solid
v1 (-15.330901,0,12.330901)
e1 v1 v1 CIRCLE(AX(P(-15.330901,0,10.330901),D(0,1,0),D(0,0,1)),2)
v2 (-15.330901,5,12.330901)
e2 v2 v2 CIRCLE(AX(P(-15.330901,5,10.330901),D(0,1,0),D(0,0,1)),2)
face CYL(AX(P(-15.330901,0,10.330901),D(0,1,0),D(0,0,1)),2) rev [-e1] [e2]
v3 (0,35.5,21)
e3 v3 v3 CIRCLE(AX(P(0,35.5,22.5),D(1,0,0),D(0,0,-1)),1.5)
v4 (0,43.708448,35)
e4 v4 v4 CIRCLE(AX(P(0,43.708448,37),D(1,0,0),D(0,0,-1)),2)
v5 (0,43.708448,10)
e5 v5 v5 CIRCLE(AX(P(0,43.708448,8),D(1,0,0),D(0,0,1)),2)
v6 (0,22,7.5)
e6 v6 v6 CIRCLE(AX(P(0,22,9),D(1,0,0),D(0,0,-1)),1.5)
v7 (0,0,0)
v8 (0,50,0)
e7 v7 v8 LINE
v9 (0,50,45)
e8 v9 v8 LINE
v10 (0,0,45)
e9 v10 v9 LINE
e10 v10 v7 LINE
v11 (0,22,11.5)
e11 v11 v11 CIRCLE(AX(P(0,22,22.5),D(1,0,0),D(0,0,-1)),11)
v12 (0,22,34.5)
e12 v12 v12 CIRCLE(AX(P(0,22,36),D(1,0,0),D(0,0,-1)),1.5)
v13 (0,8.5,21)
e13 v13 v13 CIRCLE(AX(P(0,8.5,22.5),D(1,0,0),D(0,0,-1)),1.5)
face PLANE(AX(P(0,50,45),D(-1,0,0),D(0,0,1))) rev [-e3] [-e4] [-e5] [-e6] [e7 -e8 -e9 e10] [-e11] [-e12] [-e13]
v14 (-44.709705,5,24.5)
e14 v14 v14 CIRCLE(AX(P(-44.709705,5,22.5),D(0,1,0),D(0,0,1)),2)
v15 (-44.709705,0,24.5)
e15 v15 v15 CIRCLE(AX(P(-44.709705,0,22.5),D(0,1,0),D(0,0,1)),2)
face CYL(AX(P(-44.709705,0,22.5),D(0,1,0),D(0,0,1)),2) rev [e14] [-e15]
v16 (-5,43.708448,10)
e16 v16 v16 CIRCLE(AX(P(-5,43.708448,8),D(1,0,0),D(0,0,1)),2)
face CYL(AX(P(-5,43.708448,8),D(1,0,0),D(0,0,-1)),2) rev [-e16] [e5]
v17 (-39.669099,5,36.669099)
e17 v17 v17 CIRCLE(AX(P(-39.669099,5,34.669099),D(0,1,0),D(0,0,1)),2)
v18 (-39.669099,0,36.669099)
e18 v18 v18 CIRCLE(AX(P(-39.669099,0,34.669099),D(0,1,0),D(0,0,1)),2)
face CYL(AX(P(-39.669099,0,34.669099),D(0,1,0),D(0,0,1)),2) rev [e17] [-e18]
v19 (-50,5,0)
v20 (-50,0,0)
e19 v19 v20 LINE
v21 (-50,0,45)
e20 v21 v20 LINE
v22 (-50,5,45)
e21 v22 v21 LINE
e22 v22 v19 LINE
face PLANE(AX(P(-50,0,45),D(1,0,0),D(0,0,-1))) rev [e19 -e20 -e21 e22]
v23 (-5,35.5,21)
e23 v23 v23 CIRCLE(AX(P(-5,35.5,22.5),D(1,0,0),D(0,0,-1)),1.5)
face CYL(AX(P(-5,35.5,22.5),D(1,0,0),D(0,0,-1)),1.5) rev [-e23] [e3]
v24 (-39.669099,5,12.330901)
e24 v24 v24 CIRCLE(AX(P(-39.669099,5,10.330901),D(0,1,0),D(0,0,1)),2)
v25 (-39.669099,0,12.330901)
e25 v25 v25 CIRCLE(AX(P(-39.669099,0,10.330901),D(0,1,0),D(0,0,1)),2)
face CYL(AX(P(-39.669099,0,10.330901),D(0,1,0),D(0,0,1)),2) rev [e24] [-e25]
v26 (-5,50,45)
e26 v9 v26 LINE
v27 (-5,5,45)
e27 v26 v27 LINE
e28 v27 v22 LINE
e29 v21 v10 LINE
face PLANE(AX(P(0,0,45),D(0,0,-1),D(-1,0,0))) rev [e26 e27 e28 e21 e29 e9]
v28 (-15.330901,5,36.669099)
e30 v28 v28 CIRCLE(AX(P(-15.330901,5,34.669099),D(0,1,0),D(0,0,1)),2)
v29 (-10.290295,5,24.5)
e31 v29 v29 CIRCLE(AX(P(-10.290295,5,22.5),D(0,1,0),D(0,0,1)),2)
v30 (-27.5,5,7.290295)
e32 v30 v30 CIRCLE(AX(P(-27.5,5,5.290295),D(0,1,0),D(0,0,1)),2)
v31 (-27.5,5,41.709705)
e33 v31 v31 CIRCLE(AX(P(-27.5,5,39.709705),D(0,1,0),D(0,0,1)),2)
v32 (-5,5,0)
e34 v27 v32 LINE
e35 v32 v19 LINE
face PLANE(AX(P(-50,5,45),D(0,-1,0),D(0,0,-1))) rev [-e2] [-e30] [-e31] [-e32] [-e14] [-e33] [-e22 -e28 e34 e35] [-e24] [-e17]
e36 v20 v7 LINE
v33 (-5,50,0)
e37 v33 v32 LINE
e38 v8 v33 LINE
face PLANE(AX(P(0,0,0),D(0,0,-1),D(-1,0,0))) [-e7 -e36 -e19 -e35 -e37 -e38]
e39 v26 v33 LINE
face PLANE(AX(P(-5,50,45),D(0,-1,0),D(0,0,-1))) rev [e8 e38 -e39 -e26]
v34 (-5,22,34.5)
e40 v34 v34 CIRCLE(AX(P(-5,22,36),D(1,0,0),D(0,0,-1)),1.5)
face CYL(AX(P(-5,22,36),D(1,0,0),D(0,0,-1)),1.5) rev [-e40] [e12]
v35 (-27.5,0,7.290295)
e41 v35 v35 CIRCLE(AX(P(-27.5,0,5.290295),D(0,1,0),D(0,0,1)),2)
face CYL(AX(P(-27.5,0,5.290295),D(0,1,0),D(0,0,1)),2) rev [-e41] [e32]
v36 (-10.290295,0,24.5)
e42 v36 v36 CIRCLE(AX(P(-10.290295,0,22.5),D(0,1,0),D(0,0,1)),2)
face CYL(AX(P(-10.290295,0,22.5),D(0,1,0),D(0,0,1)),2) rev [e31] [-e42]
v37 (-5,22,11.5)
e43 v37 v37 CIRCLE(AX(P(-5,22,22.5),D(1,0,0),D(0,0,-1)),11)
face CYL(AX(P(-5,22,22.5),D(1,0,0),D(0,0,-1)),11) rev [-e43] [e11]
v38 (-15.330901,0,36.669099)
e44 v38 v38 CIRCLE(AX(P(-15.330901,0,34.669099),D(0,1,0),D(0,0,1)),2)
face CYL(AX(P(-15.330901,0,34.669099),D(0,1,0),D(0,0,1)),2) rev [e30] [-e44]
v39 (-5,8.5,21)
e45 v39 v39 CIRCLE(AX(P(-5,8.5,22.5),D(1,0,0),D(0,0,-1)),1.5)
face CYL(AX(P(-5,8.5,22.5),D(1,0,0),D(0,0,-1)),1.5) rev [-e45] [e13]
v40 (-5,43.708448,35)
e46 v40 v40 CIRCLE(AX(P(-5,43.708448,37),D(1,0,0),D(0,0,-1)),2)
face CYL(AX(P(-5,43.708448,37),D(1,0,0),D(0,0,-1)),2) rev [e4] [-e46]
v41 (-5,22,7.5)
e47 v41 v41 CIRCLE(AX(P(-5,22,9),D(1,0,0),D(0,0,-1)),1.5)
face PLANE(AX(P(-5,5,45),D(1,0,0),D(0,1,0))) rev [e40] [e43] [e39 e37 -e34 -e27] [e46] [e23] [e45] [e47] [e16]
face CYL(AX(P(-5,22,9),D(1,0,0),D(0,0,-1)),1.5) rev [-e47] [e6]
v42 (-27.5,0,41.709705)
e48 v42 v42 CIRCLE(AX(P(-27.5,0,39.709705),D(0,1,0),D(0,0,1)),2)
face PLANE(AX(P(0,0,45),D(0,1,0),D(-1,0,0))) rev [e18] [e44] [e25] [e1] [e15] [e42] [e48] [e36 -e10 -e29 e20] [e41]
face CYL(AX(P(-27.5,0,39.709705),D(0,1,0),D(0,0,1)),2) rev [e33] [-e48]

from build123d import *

# Parameters (mm, degrees)
BOSS_EXTRUDE1_DEPTH = 45
SKETCH2_R           = 11
CUT_EXTRUDE1_DEPTH  = 5
SKETCH3_R           = 1.5
CUT_EXTRUDE2_DEPTH  = 5
SKETCH4_R           = 2
CUT_EXTRUDE3_DEPTH  = 5
SKETCH5_R           = 2
CUT_EXTRUDE4_DEPTH  = 5


with BuildPart() as part:
    # Sketch1 → Boss-Extrude1 (new body)
    with BuildSketch(Plane.XY):
        Polygon((0, 50), (0, 0), (-50, 0), (-50, 5), (-5, 5), (-5, 50), align=None)
    extrude(amount=BOSS_EXTRUDE1_DEPTH)

    # Sketch2 → Cut-Extrude1 (cut)
    with BuildSketch(Plane(origin=(0, 0, 0), x_dir=(0, 0, -1), z_dir=(1, 0, 0))):
        with Locations((-22.5, 22)):
            Circle(SKETCH2_R)
    extrude(amount=-CUT_EXTRUDE1_DEPTH, mode=Mode.SUBTRACT)

    # Sketch3 → Cut-Extrude2 (cut)
    with BuildSketch(Plane(origin=(0, 0, 0), x_dir=(0, 0, -1), z_dir=(1, 0, 0))):
        with Locations((-22.5, 35.5)):
            Circle(SKETCH3_R)
        with Locations((-9, 22)):
            Circle(SKETCH3_R)
        with Locations((-22.5, 8.5)):
            Circle(SKETCH3_R)
        with Locations((-36, 22)):
            Circle(SKETCH3_R)
    extrude(amount=-CUT_EXTRUDE2_DEPTH, mode=Mode.SUBTRACT)

    # Sketch4 → Cut-Extrude3 (cut)
    with BuildSketch(Plane(origin=(0, 5, 0), x_dir=(1, 0, 0), z_dir=(0, 1, 0))):
        with Locations(Location((-27.5, -5.290295093, 0), (0, 0, 270))):
            Circle(SKETCH4_R)
        with Locations(Location((-15.330900958, -10.330900958, 0), (0, 0, 270))):
            Circle(SKETCH4_R)
        with Locations(Location((-10.290295093, -22.5, 0), (0, 0, 270))):
            Circle(SKETCH4_R)
        with Locations(Location((-15.330900958, -34.669099042, 0), (0, 0, 270))):
            Circle(SKETCH4_R)
        with Locations(Location((-27.5, -39.709704907, 0), (0, 0, 270))):
            Circle(SKETCH4_R)
        with Locations(Location((-39.669099042, -34.669099042, 0), (0, 0, 270))):
            Circle(SKETCH4_R)
        with Locations(Location((-44.709704907, -22.5, 0), (0, 0, 270))):
            Circle(SKETCH4_R)
        with Locations(Location((-39.669099042, -10.330900958, 0), (0, 0, 270))):
            Circle(SKETCH4_R)
    extrude(amount=-CUT_EXTRUDE3_DEPTH, mode=Mode.SUBTRACT)

    # Sketch5 → Cut-Extrude4 (cut)
    with BuildSketch(Plane(origin=(0, 0, 0), x_dir=(0, 0, -1), z_dir=(1, 0, 0))):
        with Locations((-37, 43.708447977)):
            Circle(SKETCH5_R)
        with Locations(Location((-8, 43.708447977, 0), (0, 0, 180))):
            Circle(SKETCH5_R)
    extrude(amount=-CUT_EXTRUDE4_DEPTH, mode=Mode.SUBTRACT)


solid = part.part
